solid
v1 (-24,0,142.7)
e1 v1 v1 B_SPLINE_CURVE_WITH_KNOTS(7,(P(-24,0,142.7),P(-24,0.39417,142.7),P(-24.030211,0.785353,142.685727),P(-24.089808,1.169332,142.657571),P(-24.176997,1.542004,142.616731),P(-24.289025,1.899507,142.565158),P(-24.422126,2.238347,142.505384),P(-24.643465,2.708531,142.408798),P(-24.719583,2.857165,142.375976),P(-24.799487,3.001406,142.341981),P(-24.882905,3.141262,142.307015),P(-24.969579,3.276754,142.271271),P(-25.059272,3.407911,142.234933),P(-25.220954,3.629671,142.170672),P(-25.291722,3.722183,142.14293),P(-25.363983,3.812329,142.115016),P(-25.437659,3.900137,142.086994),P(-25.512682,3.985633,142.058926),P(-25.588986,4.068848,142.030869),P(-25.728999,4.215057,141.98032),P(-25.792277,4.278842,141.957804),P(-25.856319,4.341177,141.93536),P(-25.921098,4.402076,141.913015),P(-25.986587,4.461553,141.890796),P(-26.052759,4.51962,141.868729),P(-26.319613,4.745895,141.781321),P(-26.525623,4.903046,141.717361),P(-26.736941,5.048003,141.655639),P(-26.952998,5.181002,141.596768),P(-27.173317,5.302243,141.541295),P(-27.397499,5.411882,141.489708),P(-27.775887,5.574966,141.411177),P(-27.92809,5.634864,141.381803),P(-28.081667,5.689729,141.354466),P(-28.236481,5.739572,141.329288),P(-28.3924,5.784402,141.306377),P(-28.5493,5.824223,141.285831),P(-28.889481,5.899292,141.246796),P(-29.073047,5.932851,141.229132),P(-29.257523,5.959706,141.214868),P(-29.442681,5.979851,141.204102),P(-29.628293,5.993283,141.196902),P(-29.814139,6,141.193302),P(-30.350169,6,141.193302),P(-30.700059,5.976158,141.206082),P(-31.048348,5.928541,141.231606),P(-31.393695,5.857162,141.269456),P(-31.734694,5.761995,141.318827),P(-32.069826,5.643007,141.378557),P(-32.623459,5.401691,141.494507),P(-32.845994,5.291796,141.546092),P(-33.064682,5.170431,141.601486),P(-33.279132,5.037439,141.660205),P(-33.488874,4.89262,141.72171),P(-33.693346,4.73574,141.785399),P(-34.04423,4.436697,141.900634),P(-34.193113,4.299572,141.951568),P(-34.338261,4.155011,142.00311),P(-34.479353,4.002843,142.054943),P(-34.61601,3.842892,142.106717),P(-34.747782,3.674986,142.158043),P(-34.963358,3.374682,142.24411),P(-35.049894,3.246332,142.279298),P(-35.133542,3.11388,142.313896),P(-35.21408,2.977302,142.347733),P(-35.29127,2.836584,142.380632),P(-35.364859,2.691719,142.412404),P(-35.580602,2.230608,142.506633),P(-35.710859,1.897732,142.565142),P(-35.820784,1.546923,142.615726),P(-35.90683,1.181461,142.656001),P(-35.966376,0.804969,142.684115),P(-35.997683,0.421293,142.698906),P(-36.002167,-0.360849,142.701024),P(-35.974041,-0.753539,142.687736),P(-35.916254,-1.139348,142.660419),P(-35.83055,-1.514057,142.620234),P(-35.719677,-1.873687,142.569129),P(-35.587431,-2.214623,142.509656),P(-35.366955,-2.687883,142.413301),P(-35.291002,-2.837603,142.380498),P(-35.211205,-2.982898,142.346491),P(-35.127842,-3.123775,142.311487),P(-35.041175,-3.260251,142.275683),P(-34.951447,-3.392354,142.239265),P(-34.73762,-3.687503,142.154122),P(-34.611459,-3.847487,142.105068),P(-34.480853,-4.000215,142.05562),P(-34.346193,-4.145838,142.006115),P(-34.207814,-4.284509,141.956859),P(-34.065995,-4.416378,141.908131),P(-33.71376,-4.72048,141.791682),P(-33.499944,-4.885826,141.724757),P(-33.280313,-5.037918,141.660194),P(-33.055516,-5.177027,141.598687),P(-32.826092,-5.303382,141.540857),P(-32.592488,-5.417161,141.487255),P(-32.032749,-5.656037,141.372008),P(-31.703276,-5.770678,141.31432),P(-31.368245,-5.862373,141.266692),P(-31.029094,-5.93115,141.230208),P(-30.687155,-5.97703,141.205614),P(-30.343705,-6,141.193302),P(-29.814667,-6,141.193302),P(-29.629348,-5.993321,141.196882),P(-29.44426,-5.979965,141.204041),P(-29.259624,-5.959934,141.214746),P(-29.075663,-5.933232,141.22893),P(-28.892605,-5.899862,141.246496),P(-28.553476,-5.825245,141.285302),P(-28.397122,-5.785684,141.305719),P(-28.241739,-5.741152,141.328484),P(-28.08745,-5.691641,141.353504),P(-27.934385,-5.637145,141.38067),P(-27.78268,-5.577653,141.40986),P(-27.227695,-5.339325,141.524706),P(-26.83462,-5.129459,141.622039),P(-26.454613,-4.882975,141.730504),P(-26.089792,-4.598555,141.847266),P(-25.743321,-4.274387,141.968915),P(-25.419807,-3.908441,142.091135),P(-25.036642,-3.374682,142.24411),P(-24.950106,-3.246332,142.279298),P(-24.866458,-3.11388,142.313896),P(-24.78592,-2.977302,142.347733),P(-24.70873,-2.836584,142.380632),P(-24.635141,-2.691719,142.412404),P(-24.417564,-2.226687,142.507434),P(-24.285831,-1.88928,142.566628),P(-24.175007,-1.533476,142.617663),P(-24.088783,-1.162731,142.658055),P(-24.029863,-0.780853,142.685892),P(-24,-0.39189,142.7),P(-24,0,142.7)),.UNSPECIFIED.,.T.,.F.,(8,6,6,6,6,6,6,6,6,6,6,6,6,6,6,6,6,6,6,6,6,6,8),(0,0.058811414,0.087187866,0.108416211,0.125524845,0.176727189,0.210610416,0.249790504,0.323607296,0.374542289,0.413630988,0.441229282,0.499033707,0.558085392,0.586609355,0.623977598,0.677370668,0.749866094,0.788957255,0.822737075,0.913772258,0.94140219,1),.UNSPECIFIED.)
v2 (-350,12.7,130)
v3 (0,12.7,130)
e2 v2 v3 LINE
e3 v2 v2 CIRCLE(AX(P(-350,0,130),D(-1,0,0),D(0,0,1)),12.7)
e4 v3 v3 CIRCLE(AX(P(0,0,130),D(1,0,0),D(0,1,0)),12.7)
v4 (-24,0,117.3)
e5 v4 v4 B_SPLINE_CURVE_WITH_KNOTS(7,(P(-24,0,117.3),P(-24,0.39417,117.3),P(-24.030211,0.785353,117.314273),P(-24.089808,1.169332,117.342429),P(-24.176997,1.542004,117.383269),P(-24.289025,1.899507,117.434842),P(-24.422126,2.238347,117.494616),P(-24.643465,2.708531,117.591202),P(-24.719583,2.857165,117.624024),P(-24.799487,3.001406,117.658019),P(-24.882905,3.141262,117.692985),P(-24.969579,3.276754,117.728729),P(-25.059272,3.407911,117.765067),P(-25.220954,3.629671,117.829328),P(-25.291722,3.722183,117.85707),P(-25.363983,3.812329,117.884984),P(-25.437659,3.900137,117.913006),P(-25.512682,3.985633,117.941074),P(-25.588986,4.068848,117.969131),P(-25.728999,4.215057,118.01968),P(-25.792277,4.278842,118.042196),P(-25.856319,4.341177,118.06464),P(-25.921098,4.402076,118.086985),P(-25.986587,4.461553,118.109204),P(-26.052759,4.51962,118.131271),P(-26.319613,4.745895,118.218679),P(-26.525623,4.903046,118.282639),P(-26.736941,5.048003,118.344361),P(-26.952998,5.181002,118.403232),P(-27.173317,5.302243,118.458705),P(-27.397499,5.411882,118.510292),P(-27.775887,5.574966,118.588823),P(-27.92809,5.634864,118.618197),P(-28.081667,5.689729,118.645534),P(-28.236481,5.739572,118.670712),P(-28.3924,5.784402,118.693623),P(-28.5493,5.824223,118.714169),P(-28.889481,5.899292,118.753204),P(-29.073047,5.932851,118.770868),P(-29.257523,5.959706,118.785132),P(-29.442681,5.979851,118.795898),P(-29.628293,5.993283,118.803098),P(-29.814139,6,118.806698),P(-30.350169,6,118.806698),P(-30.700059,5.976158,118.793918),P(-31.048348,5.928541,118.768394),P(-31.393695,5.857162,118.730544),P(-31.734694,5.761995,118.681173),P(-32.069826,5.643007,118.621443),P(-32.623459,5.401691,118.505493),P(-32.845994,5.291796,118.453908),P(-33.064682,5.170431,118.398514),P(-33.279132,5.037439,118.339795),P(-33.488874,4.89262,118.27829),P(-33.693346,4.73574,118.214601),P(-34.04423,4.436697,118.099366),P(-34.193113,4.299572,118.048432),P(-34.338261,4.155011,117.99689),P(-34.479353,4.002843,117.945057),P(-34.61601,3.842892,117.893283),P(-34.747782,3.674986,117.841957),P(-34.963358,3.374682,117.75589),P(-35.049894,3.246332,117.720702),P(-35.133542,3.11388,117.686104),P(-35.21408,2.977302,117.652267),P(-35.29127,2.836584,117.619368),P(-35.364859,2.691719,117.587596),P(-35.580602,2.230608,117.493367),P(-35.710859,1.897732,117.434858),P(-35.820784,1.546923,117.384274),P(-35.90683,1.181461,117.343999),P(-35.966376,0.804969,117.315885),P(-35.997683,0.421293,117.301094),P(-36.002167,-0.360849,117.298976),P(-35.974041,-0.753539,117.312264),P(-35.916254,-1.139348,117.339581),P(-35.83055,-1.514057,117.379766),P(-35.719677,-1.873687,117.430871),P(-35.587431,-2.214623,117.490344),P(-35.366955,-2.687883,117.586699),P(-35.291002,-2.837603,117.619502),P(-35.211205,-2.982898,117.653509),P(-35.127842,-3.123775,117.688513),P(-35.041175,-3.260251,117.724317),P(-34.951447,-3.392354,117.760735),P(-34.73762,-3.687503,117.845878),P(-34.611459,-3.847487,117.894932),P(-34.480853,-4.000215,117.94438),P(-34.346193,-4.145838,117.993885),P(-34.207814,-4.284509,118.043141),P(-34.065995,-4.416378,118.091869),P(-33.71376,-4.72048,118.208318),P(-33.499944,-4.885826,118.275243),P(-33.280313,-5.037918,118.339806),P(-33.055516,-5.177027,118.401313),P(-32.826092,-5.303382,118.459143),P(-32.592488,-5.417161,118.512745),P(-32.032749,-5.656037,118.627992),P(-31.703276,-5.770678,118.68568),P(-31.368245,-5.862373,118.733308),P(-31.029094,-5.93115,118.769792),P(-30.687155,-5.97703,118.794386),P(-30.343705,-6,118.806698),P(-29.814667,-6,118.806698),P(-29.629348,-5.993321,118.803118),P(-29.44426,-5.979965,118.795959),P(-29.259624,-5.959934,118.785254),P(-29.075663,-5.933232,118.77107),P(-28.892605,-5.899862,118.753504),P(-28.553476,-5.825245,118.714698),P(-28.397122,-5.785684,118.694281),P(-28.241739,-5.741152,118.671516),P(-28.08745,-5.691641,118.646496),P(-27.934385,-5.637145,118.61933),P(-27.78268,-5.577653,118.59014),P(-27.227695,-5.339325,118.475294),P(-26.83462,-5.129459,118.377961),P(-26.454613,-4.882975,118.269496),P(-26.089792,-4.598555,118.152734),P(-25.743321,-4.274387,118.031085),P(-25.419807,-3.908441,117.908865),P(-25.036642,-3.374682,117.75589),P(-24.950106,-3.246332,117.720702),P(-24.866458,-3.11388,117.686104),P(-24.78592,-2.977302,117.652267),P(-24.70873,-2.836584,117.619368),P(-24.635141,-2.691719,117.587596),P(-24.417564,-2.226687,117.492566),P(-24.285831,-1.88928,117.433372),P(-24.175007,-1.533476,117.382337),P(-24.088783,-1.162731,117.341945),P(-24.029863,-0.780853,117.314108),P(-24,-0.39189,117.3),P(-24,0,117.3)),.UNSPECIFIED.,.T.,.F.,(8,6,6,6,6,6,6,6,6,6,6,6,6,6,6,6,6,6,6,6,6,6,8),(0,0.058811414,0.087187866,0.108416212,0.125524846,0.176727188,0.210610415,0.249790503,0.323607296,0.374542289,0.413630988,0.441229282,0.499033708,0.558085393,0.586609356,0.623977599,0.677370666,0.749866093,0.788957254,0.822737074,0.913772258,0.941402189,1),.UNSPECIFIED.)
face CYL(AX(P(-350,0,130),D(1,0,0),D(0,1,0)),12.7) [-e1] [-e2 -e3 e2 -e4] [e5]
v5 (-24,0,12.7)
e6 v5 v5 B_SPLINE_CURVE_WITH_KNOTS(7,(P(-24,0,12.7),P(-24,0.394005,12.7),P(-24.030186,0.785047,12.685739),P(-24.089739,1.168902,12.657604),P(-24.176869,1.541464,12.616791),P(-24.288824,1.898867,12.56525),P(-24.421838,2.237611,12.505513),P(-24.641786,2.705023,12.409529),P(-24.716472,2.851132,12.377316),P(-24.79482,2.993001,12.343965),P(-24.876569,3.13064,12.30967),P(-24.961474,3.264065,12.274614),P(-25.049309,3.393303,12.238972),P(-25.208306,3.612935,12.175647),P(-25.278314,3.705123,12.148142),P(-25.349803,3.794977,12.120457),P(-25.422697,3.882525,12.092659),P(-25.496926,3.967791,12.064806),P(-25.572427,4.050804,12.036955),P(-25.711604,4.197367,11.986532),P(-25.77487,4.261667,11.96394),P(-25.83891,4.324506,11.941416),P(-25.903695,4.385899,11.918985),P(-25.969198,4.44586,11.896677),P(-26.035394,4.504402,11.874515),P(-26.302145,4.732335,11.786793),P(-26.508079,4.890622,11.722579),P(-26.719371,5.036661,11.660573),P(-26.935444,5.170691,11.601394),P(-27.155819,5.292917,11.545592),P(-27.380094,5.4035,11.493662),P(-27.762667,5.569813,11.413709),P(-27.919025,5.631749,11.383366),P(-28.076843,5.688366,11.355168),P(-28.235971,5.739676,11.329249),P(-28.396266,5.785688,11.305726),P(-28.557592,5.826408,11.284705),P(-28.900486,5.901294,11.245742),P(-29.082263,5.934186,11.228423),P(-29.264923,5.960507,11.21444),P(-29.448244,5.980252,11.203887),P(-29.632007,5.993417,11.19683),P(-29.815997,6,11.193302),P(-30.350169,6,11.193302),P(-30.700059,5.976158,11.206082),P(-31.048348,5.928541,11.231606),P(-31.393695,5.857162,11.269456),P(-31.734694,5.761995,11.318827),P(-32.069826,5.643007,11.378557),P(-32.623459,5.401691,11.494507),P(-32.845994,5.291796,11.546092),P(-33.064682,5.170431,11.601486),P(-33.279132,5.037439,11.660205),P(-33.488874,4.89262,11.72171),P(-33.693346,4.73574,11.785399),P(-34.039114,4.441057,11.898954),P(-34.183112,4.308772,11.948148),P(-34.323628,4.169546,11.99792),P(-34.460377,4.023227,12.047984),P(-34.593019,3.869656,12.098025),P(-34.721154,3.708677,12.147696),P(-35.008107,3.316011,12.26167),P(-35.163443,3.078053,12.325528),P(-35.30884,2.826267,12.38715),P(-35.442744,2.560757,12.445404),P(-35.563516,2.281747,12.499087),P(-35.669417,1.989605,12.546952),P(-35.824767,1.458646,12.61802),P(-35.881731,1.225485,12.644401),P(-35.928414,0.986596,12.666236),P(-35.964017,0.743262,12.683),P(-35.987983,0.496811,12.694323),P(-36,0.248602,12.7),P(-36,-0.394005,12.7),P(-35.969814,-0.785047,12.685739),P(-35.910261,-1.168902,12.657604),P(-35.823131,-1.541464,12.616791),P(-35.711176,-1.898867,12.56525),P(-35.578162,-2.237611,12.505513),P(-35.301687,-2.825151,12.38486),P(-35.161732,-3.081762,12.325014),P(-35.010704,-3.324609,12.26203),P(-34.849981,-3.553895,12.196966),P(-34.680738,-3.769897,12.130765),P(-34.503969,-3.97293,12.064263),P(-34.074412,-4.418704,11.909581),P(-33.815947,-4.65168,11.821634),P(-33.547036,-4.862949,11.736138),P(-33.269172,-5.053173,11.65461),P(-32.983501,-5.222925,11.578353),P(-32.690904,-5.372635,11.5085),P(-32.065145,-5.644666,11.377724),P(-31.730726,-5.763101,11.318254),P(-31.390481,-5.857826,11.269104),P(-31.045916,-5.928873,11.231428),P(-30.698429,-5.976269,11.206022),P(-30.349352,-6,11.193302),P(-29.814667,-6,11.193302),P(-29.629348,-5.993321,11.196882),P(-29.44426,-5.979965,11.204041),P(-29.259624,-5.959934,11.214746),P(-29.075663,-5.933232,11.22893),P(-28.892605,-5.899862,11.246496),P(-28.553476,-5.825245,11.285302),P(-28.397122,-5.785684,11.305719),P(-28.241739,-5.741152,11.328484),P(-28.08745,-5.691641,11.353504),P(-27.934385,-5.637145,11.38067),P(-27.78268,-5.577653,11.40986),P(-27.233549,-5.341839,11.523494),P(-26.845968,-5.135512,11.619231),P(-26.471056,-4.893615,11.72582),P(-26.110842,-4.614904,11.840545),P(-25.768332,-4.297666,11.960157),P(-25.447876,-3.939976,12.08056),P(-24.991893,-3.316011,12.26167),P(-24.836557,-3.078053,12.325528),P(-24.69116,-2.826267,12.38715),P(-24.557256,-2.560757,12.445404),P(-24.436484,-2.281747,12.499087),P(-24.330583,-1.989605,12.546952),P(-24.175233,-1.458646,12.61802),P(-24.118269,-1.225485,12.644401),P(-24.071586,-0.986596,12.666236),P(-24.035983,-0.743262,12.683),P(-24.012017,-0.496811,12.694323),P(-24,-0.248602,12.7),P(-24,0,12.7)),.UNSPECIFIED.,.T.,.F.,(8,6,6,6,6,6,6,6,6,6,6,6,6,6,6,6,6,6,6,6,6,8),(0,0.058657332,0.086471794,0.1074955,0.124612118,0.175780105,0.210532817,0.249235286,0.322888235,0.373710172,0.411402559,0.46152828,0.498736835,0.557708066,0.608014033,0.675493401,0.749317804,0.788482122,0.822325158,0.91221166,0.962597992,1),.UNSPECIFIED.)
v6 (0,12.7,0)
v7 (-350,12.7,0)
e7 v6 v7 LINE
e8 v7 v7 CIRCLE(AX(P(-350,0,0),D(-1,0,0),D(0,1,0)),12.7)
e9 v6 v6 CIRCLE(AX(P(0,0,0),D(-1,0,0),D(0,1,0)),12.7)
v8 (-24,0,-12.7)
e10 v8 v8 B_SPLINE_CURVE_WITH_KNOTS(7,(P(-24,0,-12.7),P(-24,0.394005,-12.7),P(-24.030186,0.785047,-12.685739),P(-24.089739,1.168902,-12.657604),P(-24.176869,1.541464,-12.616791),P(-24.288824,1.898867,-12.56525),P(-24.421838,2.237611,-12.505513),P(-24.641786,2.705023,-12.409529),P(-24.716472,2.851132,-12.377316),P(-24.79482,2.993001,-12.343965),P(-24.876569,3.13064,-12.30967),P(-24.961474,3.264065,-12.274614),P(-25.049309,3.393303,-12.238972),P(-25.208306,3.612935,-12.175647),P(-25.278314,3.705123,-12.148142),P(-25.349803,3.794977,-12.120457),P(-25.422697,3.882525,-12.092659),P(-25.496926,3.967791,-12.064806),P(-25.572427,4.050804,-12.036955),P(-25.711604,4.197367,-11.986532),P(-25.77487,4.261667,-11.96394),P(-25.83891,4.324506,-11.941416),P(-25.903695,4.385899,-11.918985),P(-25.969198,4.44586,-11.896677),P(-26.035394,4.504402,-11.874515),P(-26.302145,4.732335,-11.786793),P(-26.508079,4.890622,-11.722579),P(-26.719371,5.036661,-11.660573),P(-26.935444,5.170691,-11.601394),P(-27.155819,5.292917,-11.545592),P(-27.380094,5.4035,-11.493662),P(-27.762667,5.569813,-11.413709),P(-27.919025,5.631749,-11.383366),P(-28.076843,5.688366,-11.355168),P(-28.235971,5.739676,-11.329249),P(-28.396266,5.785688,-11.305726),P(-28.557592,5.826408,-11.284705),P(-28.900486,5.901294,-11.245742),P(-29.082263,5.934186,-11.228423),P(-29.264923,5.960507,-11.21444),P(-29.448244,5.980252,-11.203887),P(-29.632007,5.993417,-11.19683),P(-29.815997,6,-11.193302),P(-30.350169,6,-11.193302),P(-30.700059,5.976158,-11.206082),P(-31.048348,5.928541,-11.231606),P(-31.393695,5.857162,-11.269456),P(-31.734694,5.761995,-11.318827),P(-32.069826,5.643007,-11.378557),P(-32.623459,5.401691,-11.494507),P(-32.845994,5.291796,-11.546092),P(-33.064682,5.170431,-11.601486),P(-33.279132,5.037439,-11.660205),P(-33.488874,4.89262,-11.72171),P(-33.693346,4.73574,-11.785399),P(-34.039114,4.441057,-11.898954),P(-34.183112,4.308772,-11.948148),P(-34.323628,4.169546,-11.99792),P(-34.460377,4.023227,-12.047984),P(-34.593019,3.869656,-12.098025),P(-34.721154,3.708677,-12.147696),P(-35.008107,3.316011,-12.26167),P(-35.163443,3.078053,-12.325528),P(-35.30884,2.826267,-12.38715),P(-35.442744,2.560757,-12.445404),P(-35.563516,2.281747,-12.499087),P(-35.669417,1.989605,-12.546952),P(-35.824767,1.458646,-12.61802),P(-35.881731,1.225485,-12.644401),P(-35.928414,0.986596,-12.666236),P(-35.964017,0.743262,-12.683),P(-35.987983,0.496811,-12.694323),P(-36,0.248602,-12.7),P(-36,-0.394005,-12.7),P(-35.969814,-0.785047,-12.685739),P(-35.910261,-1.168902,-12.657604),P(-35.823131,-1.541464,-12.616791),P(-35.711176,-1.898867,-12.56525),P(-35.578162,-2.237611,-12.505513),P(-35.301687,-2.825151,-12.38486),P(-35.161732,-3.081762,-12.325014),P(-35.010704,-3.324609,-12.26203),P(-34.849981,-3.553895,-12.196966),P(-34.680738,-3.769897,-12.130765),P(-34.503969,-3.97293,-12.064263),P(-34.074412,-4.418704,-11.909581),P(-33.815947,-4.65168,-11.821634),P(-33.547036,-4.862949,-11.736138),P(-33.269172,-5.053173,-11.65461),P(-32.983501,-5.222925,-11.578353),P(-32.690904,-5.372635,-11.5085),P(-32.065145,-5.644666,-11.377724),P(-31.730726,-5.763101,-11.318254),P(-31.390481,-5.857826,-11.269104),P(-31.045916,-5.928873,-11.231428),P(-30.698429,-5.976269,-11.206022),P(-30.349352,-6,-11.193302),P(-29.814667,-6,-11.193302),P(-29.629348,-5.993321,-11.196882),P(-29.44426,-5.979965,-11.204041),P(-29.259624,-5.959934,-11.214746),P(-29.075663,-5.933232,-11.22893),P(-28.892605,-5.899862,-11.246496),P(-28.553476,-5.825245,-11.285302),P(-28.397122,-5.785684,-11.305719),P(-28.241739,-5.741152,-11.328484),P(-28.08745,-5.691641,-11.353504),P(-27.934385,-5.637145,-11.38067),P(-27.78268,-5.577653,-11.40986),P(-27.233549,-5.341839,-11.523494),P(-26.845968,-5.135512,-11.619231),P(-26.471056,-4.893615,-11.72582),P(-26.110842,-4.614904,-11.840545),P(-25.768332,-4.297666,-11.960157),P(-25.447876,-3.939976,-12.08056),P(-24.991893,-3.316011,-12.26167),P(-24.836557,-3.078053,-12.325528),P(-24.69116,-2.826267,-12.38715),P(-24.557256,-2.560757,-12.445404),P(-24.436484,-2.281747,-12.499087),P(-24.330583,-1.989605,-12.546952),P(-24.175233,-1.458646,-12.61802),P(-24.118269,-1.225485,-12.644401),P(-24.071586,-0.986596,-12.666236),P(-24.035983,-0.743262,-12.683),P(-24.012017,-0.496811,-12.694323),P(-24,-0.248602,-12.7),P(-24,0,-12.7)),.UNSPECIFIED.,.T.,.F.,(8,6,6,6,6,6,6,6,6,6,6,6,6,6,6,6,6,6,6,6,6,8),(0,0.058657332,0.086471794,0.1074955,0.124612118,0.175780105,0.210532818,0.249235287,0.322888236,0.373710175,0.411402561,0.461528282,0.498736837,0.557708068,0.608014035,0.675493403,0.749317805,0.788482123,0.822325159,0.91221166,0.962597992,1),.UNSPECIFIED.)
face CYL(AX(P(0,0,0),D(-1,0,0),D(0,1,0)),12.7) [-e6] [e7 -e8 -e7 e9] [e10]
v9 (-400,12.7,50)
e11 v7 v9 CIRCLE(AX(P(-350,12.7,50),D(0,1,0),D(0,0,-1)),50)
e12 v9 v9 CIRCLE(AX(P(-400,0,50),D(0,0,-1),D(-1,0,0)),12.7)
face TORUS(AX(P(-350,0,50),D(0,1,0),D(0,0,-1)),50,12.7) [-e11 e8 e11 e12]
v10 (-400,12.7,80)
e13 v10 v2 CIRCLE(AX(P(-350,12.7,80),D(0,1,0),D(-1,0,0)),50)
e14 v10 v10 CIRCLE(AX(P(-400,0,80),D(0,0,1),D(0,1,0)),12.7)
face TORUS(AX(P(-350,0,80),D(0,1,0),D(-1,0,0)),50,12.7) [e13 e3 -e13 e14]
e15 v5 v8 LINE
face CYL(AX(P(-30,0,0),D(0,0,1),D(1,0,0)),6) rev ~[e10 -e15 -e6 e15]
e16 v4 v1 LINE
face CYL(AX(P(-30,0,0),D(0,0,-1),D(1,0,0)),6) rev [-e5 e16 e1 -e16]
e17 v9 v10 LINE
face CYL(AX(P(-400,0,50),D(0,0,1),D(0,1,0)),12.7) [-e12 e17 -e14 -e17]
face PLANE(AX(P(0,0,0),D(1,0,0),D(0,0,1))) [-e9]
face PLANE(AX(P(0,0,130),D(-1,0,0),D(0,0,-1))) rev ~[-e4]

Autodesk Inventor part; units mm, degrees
ref_plane "YZ Plane" through (0, 0, 0) normal (1, 0, 0) x (0, 1, 0)
ref_plane "XZ Plane" through (0, 0, 0) normal (0, 1, 0) x (-1, 0, 0)
ref_plane "XY Plane" through (0, 0, 0) normal (0, 0, 1) x (1, 0, 0)
sketch "Sketch1" plane through (0, 0, 0) normal (0, 1, 0) x (-1, 0, 0)
  line L0 (0, 0) -> (350, 0)
  line L1 (400, 50) -> (400, 80)
  line L2 (350, 130) -> (0, 130)
  arc A0 (350, 0) -> (400, 50) centre (350, 50) ccw
  arc A1 (400, 80) -> (350, 130) centre (350, 80) ccw
  point P0 (400, 0)
  point P1 (400, 130)
  dimension "d7" = 400
  dimension "d8" = 130
  dimension "d9" = 400
  dimension "d10" = 50
sketch "Sketch2" plane through (0, 0, 0) normal (1, 0, 0) x (0, 1, 0)
  circle A0 centre (0, 0) radius 12.7
  dimension "d11" = 25.4
sweep "Sweep1" add profiles "Sketch2" path "Sketch1"
sketch "Sketch3" plane through (0, 0, 0) normal (0, 0, 1) x (1, 0, 0)
  line L0 (0, 0) -> (-30, 0)
  circle A0 centre (-30, 0) radius 6
  dimension "d14" = 30
  dimension "d15" = 12
extrude "Extrusion1" cut sketch "Sketch3" along normal through all both and the other way through all
properties part number "GARFO"
